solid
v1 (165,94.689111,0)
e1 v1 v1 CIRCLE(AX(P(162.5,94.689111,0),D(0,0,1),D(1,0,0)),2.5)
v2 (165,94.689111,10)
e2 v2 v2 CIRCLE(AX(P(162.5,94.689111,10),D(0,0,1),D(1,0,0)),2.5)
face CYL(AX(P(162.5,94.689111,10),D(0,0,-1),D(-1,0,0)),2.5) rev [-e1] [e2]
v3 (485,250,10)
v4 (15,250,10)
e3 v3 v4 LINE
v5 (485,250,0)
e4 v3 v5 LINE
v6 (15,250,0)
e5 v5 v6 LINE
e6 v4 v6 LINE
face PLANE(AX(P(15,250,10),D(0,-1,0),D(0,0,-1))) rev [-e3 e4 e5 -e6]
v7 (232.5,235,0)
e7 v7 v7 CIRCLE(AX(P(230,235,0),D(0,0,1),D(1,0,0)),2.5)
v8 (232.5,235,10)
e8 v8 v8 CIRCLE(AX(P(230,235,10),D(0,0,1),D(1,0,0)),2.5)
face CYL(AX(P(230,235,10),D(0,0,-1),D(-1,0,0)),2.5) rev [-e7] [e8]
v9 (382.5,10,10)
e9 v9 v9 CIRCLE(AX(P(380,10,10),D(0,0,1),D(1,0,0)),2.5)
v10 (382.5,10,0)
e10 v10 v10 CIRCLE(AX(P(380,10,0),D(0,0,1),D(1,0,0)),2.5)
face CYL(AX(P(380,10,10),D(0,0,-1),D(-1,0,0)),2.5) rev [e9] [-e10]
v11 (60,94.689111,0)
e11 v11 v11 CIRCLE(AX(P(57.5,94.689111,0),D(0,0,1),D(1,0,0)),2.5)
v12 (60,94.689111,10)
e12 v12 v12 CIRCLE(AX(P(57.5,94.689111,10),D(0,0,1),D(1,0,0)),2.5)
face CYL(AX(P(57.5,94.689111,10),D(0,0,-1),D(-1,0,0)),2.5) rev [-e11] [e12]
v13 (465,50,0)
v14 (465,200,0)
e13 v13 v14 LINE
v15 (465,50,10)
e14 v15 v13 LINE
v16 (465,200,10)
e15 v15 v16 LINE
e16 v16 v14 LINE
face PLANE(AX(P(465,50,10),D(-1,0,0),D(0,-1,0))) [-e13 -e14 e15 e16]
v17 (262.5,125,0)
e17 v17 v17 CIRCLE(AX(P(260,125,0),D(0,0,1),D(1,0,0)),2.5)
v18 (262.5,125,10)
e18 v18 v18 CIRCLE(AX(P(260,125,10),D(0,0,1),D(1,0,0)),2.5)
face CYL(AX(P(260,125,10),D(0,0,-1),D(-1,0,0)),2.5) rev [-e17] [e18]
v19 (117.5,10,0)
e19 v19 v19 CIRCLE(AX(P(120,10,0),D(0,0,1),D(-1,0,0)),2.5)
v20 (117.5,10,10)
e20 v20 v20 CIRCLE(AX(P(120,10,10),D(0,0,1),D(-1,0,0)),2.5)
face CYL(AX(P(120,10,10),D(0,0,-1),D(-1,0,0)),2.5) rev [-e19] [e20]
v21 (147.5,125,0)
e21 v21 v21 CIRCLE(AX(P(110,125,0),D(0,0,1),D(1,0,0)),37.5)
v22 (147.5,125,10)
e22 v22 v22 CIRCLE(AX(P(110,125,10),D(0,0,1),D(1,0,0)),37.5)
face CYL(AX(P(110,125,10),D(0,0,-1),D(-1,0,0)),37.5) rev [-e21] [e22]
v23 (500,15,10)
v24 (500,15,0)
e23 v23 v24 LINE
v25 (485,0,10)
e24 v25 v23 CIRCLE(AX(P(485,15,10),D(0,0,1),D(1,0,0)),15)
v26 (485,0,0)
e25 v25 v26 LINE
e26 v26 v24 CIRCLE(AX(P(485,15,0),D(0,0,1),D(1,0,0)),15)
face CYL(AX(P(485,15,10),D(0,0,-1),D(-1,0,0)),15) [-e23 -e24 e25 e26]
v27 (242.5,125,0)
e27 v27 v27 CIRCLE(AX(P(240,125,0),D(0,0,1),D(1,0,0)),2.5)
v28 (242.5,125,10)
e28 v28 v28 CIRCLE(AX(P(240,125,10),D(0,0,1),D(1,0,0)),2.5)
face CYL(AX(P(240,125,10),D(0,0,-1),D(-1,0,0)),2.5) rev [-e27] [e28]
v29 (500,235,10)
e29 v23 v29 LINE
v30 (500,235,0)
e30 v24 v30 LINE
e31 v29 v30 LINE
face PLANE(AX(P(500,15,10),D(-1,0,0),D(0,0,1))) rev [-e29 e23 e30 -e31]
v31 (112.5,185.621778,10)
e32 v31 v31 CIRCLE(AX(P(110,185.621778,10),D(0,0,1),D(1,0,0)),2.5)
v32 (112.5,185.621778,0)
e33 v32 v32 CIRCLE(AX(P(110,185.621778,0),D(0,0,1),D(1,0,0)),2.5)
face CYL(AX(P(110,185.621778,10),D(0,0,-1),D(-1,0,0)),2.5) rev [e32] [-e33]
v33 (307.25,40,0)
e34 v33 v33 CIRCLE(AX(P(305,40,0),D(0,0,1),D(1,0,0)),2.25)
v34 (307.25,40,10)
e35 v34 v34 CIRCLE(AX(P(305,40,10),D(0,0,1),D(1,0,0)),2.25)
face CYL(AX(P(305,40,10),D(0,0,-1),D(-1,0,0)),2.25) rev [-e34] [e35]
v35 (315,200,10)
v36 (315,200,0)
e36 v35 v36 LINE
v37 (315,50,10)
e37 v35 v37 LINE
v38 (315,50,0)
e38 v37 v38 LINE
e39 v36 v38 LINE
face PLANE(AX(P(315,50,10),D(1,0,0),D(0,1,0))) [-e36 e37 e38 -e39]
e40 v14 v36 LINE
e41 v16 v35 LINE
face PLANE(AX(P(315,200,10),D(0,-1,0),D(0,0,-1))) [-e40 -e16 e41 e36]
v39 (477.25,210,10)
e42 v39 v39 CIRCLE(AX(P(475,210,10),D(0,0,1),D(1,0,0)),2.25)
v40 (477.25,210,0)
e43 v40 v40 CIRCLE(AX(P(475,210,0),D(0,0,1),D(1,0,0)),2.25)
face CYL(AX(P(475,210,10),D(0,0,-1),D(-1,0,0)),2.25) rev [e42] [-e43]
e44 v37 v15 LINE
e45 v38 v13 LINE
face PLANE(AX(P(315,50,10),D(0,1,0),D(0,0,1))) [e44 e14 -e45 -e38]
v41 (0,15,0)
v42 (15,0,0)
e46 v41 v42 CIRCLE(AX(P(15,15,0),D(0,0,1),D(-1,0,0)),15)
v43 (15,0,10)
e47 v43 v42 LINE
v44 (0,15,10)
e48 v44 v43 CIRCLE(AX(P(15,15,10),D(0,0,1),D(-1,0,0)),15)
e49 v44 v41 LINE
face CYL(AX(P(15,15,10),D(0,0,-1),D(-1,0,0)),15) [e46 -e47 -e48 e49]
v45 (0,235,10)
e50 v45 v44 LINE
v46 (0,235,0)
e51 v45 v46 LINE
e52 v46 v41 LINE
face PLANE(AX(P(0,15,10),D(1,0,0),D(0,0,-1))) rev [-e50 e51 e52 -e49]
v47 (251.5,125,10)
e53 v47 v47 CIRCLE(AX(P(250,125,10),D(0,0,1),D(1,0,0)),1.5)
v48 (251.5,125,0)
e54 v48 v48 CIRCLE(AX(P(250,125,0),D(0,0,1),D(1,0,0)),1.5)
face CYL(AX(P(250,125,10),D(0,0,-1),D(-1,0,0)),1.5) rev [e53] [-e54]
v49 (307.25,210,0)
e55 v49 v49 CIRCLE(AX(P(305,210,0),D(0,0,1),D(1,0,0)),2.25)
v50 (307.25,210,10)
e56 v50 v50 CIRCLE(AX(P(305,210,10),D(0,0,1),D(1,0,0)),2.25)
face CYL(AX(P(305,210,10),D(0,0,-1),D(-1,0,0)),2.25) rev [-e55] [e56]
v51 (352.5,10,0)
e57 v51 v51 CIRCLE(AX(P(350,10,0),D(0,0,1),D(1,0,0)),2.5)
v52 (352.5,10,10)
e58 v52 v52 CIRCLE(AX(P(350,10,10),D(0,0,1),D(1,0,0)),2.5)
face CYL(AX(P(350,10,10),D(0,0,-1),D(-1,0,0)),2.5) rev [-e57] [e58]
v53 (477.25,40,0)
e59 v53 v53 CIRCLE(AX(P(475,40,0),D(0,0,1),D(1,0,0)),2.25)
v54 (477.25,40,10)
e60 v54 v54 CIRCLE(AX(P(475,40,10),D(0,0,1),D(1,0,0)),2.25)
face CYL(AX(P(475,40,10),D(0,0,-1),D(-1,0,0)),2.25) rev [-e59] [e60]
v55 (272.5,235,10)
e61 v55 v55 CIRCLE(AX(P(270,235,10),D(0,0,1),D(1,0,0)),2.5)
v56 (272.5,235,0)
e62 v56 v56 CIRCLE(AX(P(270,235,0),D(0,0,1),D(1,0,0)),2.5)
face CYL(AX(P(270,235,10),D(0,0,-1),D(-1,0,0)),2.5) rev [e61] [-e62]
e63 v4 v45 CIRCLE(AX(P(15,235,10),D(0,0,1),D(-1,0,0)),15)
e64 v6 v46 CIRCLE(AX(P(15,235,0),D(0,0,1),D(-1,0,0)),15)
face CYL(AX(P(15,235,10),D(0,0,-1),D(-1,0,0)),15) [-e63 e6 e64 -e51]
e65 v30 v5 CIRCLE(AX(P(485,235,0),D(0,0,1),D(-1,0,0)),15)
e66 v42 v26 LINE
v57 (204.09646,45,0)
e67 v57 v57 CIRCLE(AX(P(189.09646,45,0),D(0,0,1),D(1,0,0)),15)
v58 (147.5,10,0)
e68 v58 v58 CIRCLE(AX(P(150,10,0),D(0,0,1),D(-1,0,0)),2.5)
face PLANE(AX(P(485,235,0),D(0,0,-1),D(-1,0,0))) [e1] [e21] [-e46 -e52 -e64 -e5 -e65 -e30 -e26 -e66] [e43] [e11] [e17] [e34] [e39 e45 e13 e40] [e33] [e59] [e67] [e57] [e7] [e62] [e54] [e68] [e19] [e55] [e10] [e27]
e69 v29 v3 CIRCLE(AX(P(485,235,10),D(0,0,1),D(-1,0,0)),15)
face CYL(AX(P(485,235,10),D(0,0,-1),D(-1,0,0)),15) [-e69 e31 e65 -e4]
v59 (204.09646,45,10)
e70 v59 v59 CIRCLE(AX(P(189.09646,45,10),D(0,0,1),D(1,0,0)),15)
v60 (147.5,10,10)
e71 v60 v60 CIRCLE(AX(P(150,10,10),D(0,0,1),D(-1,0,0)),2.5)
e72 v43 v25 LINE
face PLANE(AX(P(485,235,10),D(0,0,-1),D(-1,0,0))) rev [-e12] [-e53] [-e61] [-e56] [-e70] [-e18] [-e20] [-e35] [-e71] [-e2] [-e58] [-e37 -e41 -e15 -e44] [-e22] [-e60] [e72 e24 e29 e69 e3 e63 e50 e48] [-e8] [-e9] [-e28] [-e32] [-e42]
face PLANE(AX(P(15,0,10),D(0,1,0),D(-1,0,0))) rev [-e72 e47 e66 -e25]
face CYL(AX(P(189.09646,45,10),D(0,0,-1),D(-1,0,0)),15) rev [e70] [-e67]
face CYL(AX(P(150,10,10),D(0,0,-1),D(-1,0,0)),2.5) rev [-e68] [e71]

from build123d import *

# Parameters (mm, degrees)
CROQUIS1_R              = 2.5
CROQUIS1_R_2            = 37.5
CROQUIS1_R_3            = 15
CROQUIS1_R_4            = 2.25
CROQUIS1_R_5            = 1.5
CROQUIS1_W              = 150
CROQUIS1_H              = 150
SALIENTE_EXTRUIR1_DEPTH = 10


with BuildPart() as part:
    # Croquis1 → Saliente-Extruir1 (new body)
    with BuildSketch(Plane.XY):
        with BuildLine():
            Line((15, 0), (485, 0))
            ThreePointArc((485, 0), (495.606601718, 4.393398282), (500, 15))
            Line((500, 15), (500, 235))
            ThreePointArc((500, 235), (495.606601718, 245.606601718), (485, 250))
            Line((485, 250), (15, 250))
            ThreePointArc((15, 250), (4.393398282, 245.606601718), (0, 235))
            Line((0, 235), (0, 15))
            ThreePointArc((0, 15), (4.393398282, 4.393398282), (15, 0))
        make_face()
        with Locations((110, 185.621778265)):
            Circle(CROQUIS1_R, mode=Mode.SUBTRACT)
        with Locations((162.5, 94.689110868)):
            Circle(CROQUIS1_R, mode=Mode.SUBTRACT)
        with Locations((57.5, 94.689110868)):
            Circle(CROQUIS1_R, mode=Mode.SUBTRACT)
        with Locations((110, 125)):
            Circle(CROQUIS1_R_2, mode=Mode.SUBTRACT)
        with Locations((230, 235)):
            Circle(CROQUIS1_R, mode=Mode.SUBTRACT)
        with Locations((270, 235)):
            Circle(CROQUIS1_R, mode=Mode.SUBTRACT)
        with Locations((189.096460098, 45)):
            Circle(CROQUIS1_R_3, mode=Mode.SUBTRACT)
        with Locations((475, 210)):
            Circle(CROQUIS1_R_4, mode=Mode.SUBTRACT)
        with Locations((305, 210)):
            Circle(CROQUIS1_R_4, mode=Mode.SUBTRACT)
        with Locations((305, 40)):
            Circle(CROQUIS1_R_4, mode=Mode.SUBTRACT)
        with Locations((475, 40)):
            Circle(CROQUIS1_R_4, mode=Mode.SUBTRACT)
        with Locations((350, 10)):
            Circle(CROQUIS1_R, mode=Mode.SUBTRACT)
        with Locations((380, 10)):
            Circle(CROQUIS1_R, mode=Mode.SUBTRACT)
        with Locations(Location((120, 10, 0), (0, 0, 180))):
            Circle(CROQUIS1_R, mode=Mode.SUBTRACT)
        with Locations(Location((150, 10, 0), (0, 0, 180))):
            Circle(CROQUIS1_R, mode=Mode.SUBTRACT)
        with Locations((240, 125)):
            Circle(CROQUIS1_R, mode=Mode.SUBTRACT)
        with Locations((260, 125)):
            Circle(CROQUIS1_R, mode=Mode.SUBTRACT)
        with Locations((250, 125)):
            Circle(CROQUIS1_R_5, mode=Mode.SUBTRACT)
        with Locations((390, 125)):
            Rectangle(CROQUIS1_W, CROQUIS1_H, mode=Mode.SUBTRACT)
    extrude(amount=SALIENTE_EXTRUIR1_DEPTH)


solid = part.part
